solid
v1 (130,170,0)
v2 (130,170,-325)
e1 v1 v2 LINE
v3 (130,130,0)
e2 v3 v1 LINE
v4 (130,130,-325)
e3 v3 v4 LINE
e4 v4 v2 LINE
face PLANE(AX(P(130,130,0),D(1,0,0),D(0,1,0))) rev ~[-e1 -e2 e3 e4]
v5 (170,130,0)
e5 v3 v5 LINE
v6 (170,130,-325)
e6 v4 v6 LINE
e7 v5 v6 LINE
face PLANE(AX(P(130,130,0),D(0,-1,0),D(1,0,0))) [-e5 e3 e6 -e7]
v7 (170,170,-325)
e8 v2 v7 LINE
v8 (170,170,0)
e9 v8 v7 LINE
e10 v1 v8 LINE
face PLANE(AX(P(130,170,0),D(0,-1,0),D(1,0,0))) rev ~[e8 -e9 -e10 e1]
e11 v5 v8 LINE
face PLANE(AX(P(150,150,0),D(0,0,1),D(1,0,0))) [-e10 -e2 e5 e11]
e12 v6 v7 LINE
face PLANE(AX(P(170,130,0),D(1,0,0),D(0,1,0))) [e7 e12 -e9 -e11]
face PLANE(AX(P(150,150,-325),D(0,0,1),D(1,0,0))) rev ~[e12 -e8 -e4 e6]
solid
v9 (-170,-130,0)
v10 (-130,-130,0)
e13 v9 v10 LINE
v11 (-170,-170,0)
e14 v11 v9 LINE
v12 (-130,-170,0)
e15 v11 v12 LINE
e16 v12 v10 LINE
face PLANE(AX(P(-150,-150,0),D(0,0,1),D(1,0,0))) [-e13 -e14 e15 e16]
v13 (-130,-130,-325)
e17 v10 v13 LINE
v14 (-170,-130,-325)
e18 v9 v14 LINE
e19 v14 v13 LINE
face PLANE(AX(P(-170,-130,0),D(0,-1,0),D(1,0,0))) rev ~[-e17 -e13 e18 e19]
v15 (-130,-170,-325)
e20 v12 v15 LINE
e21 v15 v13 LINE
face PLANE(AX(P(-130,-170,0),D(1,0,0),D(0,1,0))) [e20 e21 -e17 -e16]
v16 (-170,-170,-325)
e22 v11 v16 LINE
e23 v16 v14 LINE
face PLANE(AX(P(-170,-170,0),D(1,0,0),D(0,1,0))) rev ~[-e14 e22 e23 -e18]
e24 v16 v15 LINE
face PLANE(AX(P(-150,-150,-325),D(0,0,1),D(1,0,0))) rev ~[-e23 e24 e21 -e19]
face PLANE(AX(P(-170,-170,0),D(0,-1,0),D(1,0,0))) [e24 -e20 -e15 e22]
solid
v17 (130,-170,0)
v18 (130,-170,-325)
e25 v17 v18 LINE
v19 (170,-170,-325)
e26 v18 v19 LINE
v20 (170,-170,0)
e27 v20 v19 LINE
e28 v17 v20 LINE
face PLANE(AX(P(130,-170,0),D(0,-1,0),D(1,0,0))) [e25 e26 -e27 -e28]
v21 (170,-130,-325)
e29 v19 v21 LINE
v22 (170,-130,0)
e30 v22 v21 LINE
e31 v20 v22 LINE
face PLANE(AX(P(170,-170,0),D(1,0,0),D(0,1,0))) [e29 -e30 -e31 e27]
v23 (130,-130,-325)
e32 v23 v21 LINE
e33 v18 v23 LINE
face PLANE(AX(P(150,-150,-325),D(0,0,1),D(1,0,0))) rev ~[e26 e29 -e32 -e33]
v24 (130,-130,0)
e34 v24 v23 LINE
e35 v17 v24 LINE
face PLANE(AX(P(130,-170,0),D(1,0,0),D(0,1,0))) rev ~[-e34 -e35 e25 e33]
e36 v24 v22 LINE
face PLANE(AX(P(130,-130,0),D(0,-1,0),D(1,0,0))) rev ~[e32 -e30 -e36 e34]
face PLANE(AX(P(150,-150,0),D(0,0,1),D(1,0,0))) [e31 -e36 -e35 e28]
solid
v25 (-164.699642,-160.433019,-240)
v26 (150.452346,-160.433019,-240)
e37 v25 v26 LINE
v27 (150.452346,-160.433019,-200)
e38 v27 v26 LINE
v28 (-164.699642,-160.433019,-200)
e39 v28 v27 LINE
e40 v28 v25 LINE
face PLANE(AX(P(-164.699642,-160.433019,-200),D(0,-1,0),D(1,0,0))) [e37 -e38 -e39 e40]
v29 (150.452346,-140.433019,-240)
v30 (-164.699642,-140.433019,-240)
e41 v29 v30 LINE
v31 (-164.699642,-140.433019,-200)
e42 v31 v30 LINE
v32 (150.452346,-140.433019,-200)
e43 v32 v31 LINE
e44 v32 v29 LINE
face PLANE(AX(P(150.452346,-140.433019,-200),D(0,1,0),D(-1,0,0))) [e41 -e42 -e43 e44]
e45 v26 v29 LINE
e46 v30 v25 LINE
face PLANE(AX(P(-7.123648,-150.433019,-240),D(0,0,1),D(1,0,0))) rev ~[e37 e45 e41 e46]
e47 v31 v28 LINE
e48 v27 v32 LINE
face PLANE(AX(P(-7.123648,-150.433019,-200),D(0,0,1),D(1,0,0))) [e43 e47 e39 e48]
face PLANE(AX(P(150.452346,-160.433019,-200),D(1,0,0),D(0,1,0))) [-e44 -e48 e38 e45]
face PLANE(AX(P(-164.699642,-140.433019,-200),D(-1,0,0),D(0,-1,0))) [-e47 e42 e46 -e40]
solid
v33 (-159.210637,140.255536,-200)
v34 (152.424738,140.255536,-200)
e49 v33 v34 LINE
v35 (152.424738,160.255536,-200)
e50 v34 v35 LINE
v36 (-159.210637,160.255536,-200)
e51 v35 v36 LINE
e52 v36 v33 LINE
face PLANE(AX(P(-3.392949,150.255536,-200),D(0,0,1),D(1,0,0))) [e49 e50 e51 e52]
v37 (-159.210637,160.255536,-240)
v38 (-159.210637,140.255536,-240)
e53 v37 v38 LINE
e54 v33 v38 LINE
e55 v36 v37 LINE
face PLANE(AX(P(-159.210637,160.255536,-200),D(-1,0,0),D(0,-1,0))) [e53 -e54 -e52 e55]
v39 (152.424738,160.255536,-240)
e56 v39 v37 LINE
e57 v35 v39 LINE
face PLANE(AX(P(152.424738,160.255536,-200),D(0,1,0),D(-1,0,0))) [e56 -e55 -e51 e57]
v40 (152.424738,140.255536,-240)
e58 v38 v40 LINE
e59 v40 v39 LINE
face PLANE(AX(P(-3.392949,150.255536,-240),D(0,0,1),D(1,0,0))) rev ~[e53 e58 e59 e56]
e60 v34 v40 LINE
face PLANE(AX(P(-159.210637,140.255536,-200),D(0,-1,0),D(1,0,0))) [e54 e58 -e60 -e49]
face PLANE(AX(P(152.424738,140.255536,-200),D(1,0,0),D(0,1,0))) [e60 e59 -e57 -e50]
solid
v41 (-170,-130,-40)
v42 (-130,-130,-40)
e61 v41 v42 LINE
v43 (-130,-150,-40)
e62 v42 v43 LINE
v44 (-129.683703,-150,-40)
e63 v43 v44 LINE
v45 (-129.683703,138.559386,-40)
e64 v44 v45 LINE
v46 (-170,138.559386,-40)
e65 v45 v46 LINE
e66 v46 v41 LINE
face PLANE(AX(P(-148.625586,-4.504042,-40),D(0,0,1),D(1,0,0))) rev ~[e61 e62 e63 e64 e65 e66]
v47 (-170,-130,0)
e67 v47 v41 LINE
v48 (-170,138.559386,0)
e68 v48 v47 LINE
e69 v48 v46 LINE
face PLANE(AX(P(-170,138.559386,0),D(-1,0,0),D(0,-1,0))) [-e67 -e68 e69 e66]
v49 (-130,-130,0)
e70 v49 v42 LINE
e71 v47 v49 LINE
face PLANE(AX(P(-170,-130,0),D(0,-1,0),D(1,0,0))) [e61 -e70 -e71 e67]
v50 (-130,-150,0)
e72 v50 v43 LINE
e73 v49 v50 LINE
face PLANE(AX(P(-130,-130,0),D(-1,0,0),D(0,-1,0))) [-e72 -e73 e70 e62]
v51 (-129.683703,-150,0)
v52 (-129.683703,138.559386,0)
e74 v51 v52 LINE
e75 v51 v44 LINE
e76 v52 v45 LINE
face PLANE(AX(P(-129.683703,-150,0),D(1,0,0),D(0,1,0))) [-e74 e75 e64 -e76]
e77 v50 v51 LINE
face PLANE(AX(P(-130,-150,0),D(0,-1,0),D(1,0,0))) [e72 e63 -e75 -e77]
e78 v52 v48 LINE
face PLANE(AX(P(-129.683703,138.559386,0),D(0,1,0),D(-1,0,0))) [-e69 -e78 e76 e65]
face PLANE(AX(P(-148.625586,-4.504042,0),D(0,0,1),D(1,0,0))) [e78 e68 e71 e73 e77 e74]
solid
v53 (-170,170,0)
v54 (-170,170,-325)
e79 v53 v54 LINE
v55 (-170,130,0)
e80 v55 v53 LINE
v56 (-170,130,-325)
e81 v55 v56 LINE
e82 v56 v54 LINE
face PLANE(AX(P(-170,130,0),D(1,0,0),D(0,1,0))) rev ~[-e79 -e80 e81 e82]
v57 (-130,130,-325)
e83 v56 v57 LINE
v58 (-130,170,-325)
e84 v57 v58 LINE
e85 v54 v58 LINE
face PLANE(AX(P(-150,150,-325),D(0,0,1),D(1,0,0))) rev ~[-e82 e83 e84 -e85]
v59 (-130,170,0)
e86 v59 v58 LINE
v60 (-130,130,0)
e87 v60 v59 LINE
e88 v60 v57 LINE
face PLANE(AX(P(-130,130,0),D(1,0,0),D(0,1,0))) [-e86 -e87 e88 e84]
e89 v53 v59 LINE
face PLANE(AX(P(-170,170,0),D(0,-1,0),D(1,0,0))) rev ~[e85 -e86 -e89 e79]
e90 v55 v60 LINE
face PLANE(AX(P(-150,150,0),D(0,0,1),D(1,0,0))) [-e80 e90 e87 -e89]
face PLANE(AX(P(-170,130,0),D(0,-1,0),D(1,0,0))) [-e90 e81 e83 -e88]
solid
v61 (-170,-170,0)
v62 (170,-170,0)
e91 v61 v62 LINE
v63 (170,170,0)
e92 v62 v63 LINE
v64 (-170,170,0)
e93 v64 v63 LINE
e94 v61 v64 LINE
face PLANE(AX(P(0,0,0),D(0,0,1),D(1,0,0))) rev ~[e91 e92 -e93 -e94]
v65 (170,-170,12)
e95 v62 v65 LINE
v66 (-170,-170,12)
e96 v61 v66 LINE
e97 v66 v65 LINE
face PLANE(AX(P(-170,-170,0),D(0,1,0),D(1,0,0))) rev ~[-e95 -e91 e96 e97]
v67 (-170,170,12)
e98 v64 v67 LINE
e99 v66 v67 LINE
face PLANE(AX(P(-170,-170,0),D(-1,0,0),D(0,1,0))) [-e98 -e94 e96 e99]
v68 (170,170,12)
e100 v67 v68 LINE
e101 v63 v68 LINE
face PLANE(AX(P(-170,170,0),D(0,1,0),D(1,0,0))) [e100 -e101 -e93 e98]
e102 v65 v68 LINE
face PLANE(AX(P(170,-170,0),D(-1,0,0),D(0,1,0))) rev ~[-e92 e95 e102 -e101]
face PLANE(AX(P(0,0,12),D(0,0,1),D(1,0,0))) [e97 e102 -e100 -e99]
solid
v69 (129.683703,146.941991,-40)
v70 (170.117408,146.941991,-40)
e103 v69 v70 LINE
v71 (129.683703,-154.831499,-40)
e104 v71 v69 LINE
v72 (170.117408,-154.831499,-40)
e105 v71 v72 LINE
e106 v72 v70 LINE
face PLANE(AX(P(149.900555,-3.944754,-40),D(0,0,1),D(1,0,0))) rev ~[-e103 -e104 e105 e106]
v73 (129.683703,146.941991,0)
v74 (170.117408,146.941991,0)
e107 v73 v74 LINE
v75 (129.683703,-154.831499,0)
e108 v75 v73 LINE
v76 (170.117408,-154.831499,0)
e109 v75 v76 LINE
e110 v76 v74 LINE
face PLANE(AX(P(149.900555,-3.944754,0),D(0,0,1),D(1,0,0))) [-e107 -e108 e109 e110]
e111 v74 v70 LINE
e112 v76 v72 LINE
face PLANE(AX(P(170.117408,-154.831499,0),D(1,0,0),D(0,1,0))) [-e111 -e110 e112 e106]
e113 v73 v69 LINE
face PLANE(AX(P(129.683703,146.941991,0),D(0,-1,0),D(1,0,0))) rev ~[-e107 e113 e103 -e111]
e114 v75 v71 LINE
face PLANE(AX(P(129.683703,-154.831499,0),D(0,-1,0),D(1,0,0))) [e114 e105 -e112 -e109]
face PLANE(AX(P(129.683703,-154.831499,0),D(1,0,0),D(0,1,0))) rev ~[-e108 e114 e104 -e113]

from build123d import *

# Parameters (mm, degrees)
F0_W     = 40
F0_H     = 40
F1_DEPTH = 325
F2_W     = 40.433705
F2_H     = 301.773489
F3_DEPTH = 40
F6_DEPTH = 40
F7_W     = 340
F7_H     = 340
F8_DEPTH = 12


with BuildPart() as f1:
    # F0 (on Top) → F1 (new body)
    with BuildSketch(Plane.XY):
        with Locations((-150, -150)):
            Rectangle(F0_W, F0_H)
        with Locations((-150, 150)):
            Rectangle(F0_W, F0_H)
        with Locations((150, -150)):
            Rectangle(F0_W, F0_H)
        with Locations((150, 150)):
            Rectangle(F0_W, F0_H)
    extrude(amount=-F1_DEPTH)


with BuildPart() as f3:
    # F2 (on face) → F3 (new body)
    with BuildSketch(Plane.XY):
        Polygon((-130, -130), (-130, -150), (-129.683703, -150), (-129.683703, 138.559386), (-170, 138.559386), (-170, -130), align=None)
        with Locations((149.900555, -3.944754)):
            Rectangle(F2_W, F2_H)
    extrude(amount=-F3_DEPTH)


with BuildPart() as f6:
    # F5 (on offset) → F6 (new body)
    with BuildSketch(Plane.XY.offset(-200)):
        Polygon((-164.699642, -140.433019), (-164.699642, -160.433019), (-112.794841, -160.433019), (150.452346, -160.433019), (150.452346, -140.433019), align=None)
        Polygon((152.424738, 160.255536), (-152.307317, 160.255536), (-159.210637, 160.255536), (-159.210637, 140.255536), (152.424738, 140.255536), align=None)
    extrude(amount=-F6_DEPTH)


with BuildPart() as f8:
    # F7 (on Top) → F8 (new body)
    with BuildSketch(Plane.XY):
        Rectangle(F7_W, F7_H)
    extrude(amount=F8_DEPTH)


solid = Compound([f1.part, f3.part, f6.part, f8.part])
